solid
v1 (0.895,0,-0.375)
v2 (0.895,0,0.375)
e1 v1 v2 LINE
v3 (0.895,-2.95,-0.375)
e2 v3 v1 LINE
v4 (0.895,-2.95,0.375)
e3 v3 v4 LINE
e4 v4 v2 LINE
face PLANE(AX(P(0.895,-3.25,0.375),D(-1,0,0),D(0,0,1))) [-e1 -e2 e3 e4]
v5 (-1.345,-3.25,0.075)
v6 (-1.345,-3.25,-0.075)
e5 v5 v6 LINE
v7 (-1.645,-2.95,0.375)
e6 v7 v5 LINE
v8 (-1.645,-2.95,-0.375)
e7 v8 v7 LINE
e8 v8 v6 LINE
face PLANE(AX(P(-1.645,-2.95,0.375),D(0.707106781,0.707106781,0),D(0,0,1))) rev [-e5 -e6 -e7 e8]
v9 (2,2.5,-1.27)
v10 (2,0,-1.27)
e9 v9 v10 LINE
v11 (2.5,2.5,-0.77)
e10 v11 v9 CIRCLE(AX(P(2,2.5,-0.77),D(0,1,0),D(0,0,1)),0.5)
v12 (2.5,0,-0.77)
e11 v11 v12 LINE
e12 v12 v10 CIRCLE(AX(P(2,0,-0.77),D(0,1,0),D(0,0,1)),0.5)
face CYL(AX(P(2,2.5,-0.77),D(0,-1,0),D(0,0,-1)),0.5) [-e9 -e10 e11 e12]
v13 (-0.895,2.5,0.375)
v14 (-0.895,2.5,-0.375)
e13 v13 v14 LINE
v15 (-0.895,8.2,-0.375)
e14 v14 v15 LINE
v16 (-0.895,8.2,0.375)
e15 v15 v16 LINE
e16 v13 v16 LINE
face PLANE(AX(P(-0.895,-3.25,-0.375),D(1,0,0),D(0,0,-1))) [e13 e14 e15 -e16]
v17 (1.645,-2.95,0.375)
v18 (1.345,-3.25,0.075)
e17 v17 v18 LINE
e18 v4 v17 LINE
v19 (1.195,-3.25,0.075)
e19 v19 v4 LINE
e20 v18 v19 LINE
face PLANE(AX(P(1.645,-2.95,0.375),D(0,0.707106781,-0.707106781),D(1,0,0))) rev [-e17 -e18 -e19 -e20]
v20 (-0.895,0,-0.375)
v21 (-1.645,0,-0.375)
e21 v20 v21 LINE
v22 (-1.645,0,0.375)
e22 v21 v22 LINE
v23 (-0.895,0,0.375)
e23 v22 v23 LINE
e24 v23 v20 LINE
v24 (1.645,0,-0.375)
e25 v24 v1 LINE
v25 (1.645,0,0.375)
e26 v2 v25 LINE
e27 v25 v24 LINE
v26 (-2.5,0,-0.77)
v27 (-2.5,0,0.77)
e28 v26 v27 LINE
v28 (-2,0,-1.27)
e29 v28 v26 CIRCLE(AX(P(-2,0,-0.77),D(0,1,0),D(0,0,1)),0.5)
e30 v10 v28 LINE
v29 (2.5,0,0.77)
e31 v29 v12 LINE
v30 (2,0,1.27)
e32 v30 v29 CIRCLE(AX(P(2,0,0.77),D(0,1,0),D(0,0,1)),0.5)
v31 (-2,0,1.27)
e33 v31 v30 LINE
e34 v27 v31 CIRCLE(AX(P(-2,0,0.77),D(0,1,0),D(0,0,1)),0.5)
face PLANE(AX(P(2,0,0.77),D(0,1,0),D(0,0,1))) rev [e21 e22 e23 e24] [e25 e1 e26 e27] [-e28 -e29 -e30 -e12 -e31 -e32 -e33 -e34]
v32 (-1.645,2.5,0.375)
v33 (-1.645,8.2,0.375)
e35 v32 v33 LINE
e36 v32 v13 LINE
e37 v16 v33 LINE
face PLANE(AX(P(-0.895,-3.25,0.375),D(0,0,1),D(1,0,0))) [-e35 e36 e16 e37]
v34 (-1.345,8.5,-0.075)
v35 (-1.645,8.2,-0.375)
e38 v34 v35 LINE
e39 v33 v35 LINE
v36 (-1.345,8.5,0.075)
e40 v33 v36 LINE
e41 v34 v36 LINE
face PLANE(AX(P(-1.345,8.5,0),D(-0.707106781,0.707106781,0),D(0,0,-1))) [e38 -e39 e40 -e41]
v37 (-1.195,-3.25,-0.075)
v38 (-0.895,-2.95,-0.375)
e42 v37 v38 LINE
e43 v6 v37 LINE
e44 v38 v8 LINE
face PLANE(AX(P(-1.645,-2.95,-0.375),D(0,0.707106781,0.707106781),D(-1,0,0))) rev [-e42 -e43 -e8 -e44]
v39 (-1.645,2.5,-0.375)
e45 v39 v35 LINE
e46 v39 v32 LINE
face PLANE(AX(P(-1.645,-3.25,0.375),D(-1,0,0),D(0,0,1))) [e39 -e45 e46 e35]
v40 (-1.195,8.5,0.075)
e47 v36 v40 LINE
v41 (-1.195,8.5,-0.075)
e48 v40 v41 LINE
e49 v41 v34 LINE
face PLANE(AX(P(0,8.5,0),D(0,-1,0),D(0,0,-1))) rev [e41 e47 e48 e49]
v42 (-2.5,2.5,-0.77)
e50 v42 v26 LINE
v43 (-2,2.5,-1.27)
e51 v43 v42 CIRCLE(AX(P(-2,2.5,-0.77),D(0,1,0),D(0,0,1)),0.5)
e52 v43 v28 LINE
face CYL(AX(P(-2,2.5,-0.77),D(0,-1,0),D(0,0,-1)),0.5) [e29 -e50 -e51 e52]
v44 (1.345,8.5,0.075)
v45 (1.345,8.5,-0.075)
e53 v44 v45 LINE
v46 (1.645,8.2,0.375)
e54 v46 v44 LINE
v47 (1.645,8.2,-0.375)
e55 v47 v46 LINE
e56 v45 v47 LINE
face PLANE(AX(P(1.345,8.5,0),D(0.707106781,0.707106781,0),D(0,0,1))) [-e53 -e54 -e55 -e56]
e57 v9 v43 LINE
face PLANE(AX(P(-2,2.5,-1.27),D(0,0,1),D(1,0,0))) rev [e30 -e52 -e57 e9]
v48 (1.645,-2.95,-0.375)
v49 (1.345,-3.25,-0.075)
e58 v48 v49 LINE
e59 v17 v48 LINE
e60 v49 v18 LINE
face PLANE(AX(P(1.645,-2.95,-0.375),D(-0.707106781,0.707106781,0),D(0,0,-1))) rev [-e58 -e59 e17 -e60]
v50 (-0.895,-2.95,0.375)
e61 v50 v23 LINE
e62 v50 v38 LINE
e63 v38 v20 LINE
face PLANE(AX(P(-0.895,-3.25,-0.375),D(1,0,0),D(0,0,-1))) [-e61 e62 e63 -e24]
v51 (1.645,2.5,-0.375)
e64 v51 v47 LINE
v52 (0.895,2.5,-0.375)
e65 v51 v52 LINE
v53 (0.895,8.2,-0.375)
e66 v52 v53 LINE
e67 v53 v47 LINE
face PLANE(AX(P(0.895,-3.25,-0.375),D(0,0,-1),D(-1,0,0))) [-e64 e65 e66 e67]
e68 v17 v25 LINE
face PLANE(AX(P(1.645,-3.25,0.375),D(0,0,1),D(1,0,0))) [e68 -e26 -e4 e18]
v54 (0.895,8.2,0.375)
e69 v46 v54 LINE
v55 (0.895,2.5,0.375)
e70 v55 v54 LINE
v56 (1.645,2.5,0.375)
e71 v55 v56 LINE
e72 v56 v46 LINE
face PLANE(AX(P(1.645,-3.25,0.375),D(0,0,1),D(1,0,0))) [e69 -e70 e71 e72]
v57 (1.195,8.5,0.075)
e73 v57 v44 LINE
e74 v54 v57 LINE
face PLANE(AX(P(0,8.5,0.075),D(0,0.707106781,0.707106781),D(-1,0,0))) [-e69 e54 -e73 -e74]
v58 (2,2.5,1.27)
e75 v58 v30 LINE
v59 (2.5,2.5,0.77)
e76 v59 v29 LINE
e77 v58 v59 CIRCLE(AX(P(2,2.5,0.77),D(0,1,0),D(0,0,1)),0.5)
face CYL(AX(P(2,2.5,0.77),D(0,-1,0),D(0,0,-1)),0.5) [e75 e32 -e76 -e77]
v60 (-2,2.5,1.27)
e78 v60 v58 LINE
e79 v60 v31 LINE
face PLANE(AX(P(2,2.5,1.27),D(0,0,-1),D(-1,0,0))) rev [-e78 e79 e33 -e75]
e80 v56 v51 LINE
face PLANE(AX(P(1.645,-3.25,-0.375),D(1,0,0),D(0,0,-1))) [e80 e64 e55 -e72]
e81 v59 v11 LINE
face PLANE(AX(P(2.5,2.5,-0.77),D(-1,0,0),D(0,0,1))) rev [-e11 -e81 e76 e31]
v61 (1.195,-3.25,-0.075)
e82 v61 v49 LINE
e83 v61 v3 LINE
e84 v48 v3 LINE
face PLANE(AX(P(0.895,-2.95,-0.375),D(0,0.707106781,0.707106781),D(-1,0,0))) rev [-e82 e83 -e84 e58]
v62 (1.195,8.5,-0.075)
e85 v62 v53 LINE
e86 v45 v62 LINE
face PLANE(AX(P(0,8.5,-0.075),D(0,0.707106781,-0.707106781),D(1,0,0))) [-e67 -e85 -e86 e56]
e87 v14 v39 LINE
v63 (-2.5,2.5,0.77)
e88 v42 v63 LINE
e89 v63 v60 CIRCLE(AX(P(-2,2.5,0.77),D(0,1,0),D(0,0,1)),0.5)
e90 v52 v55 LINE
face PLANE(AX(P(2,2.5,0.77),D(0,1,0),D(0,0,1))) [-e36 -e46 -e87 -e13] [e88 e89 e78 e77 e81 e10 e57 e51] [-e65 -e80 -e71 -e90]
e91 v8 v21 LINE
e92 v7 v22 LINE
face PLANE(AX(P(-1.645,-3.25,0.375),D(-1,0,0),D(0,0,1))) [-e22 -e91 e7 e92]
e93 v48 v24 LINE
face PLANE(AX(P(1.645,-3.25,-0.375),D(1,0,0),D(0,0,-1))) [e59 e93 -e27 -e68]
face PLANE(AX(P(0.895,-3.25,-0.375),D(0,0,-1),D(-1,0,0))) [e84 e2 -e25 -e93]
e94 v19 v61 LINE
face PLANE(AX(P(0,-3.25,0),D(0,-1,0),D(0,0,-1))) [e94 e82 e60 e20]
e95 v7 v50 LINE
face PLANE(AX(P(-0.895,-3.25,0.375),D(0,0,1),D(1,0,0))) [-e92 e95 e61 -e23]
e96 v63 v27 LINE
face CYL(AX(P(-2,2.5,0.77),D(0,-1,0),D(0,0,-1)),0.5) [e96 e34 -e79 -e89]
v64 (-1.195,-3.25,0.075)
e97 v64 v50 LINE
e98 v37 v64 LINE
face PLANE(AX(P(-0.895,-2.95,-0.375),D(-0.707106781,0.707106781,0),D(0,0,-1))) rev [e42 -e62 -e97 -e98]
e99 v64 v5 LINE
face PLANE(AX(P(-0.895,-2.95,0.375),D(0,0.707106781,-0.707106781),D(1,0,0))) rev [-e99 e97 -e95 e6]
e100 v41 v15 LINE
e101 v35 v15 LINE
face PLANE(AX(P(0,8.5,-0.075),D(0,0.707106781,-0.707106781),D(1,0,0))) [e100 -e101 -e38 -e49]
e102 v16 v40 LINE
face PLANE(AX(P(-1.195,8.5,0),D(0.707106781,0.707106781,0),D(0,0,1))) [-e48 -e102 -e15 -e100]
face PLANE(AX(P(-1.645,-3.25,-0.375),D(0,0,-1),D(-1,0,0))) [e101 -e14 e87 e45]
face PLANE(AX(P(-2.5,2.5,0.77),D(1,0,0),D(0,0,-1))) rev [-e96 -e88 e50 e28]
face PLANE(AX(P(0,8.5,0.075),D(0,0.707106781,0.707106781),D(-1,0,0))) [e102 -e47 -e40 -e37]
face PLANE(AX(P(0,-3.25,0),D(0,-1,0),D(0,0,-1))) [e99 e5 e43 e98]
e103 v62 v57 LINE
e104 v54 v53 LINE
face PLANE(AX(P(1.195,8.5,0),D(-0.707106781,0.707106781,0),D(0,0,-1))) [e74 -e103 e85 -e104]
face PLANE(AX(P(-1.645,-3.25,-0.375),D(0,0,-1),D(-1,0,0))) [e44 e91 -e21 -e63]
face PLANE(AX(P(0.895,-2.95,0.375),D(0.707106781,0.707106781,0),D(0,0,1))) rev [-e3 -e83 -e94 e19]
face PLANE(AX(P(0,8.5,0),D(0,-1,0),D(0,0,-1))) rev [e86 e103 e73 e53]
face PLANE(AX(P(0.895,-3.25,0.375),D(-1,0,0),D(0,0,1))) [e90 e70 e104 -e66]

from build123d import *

# Parameters (mm, degrees)
BOSS_EXTRUDE1_DEPTH      = 2.5
SKETCH2_W                = 0.75
SKETCH2_H                = 0.75
BOSS_EXTRUDE2_DEPTH      = 8.5
BOSS_EXTRUDE2_DEPTH_BACK = 3.25
CHAMFER1_SIZE            = 0.3


with BuildPart() as part:
    # Sketch1 → Boss-Extrude1 (new body)
    with BuildSketch(Plane(origin=(0, 0, 0), x_dir=(-1, 0, 0), z_dir=(0, 1, 0))):
        with BuildLine():
            Line((-2, 1.27), (2, 1.27))
            ThreePointArc((2, 1.27), (2.353553391, 1.123553391), (2.5, 0.77))
            Line((2.5, 0.77), (2.5, -0.77))
            ThreePointArc((2.5, -0.77), (2.353553391, -1.123553391), (2, -1.27))
            Line((2, -1.27), (-2, -1.27))
            ThreePointArc((-2, -1.27), (-2.353553391, -1.123553391), (-2.5, -0.77))
            Line((-2.5, -0.77), (-2.5, 0.77))
            ThreePointArc((-2.5, 0.77), (-2.353553391, 1.123553391), (-2, 1.27))
        make_face()
    extrude(amount=BOSS_EXTRUDE1_DEPTH)

    # Sketch2 → Boss-Extrude2 (add, two sides)
    with BuildSketch(Plane(origin=(0, 0, 0), x_dir=(-1, 0, 0), z_dir=(0, 1, 0))) as boss_extrude2_sk:
        with Locations((1.27, 0)):
            Rectangle(SKETCH2_W, SKETCH2_H)
        with Locations((-1.27, 0)):
            Rectangle(SKETCH2_W, SKETCH2_H)
    extrude(amount=BOSS_EXTRUDE2_DEPTH)
    extrude(boss_extrude2_sk.sketch, amount=-BOSS_EXTRUDE2_DEPTH_BACK)

    # Chamfer1
    chamfer1_edges = [part.edges().sort_by_distance(p)[0] for p in [
        (-0.895, -3.25, 0),
        (-1.27, -3.25, 0.375),
        (-1.645, -3.25, 0),
        (-1.27, -3.25, -0.375),
        (-0.895, 8.5, 0),
        (-1.27, 8.5, -0.375),
        (-1.645, 8.5, 0),
        (-1.27, 8.5, 0.375),
        (0.895, -3.25, 0),
        (1.27, -3.25, -0.375),
        (1.645, -3.25, 0),
        (1.27, -3.25, 0.375),
        (0.895, 8.5, 0),
        (1.27, 8.5, 0.375),
        (1.645, 8.5, 0),
        (1.27, 8.5, -0.375),
    ]]
    chamfer(chamfer1_edges, length=CHAMFER1_SIZE)


solid = part.part
